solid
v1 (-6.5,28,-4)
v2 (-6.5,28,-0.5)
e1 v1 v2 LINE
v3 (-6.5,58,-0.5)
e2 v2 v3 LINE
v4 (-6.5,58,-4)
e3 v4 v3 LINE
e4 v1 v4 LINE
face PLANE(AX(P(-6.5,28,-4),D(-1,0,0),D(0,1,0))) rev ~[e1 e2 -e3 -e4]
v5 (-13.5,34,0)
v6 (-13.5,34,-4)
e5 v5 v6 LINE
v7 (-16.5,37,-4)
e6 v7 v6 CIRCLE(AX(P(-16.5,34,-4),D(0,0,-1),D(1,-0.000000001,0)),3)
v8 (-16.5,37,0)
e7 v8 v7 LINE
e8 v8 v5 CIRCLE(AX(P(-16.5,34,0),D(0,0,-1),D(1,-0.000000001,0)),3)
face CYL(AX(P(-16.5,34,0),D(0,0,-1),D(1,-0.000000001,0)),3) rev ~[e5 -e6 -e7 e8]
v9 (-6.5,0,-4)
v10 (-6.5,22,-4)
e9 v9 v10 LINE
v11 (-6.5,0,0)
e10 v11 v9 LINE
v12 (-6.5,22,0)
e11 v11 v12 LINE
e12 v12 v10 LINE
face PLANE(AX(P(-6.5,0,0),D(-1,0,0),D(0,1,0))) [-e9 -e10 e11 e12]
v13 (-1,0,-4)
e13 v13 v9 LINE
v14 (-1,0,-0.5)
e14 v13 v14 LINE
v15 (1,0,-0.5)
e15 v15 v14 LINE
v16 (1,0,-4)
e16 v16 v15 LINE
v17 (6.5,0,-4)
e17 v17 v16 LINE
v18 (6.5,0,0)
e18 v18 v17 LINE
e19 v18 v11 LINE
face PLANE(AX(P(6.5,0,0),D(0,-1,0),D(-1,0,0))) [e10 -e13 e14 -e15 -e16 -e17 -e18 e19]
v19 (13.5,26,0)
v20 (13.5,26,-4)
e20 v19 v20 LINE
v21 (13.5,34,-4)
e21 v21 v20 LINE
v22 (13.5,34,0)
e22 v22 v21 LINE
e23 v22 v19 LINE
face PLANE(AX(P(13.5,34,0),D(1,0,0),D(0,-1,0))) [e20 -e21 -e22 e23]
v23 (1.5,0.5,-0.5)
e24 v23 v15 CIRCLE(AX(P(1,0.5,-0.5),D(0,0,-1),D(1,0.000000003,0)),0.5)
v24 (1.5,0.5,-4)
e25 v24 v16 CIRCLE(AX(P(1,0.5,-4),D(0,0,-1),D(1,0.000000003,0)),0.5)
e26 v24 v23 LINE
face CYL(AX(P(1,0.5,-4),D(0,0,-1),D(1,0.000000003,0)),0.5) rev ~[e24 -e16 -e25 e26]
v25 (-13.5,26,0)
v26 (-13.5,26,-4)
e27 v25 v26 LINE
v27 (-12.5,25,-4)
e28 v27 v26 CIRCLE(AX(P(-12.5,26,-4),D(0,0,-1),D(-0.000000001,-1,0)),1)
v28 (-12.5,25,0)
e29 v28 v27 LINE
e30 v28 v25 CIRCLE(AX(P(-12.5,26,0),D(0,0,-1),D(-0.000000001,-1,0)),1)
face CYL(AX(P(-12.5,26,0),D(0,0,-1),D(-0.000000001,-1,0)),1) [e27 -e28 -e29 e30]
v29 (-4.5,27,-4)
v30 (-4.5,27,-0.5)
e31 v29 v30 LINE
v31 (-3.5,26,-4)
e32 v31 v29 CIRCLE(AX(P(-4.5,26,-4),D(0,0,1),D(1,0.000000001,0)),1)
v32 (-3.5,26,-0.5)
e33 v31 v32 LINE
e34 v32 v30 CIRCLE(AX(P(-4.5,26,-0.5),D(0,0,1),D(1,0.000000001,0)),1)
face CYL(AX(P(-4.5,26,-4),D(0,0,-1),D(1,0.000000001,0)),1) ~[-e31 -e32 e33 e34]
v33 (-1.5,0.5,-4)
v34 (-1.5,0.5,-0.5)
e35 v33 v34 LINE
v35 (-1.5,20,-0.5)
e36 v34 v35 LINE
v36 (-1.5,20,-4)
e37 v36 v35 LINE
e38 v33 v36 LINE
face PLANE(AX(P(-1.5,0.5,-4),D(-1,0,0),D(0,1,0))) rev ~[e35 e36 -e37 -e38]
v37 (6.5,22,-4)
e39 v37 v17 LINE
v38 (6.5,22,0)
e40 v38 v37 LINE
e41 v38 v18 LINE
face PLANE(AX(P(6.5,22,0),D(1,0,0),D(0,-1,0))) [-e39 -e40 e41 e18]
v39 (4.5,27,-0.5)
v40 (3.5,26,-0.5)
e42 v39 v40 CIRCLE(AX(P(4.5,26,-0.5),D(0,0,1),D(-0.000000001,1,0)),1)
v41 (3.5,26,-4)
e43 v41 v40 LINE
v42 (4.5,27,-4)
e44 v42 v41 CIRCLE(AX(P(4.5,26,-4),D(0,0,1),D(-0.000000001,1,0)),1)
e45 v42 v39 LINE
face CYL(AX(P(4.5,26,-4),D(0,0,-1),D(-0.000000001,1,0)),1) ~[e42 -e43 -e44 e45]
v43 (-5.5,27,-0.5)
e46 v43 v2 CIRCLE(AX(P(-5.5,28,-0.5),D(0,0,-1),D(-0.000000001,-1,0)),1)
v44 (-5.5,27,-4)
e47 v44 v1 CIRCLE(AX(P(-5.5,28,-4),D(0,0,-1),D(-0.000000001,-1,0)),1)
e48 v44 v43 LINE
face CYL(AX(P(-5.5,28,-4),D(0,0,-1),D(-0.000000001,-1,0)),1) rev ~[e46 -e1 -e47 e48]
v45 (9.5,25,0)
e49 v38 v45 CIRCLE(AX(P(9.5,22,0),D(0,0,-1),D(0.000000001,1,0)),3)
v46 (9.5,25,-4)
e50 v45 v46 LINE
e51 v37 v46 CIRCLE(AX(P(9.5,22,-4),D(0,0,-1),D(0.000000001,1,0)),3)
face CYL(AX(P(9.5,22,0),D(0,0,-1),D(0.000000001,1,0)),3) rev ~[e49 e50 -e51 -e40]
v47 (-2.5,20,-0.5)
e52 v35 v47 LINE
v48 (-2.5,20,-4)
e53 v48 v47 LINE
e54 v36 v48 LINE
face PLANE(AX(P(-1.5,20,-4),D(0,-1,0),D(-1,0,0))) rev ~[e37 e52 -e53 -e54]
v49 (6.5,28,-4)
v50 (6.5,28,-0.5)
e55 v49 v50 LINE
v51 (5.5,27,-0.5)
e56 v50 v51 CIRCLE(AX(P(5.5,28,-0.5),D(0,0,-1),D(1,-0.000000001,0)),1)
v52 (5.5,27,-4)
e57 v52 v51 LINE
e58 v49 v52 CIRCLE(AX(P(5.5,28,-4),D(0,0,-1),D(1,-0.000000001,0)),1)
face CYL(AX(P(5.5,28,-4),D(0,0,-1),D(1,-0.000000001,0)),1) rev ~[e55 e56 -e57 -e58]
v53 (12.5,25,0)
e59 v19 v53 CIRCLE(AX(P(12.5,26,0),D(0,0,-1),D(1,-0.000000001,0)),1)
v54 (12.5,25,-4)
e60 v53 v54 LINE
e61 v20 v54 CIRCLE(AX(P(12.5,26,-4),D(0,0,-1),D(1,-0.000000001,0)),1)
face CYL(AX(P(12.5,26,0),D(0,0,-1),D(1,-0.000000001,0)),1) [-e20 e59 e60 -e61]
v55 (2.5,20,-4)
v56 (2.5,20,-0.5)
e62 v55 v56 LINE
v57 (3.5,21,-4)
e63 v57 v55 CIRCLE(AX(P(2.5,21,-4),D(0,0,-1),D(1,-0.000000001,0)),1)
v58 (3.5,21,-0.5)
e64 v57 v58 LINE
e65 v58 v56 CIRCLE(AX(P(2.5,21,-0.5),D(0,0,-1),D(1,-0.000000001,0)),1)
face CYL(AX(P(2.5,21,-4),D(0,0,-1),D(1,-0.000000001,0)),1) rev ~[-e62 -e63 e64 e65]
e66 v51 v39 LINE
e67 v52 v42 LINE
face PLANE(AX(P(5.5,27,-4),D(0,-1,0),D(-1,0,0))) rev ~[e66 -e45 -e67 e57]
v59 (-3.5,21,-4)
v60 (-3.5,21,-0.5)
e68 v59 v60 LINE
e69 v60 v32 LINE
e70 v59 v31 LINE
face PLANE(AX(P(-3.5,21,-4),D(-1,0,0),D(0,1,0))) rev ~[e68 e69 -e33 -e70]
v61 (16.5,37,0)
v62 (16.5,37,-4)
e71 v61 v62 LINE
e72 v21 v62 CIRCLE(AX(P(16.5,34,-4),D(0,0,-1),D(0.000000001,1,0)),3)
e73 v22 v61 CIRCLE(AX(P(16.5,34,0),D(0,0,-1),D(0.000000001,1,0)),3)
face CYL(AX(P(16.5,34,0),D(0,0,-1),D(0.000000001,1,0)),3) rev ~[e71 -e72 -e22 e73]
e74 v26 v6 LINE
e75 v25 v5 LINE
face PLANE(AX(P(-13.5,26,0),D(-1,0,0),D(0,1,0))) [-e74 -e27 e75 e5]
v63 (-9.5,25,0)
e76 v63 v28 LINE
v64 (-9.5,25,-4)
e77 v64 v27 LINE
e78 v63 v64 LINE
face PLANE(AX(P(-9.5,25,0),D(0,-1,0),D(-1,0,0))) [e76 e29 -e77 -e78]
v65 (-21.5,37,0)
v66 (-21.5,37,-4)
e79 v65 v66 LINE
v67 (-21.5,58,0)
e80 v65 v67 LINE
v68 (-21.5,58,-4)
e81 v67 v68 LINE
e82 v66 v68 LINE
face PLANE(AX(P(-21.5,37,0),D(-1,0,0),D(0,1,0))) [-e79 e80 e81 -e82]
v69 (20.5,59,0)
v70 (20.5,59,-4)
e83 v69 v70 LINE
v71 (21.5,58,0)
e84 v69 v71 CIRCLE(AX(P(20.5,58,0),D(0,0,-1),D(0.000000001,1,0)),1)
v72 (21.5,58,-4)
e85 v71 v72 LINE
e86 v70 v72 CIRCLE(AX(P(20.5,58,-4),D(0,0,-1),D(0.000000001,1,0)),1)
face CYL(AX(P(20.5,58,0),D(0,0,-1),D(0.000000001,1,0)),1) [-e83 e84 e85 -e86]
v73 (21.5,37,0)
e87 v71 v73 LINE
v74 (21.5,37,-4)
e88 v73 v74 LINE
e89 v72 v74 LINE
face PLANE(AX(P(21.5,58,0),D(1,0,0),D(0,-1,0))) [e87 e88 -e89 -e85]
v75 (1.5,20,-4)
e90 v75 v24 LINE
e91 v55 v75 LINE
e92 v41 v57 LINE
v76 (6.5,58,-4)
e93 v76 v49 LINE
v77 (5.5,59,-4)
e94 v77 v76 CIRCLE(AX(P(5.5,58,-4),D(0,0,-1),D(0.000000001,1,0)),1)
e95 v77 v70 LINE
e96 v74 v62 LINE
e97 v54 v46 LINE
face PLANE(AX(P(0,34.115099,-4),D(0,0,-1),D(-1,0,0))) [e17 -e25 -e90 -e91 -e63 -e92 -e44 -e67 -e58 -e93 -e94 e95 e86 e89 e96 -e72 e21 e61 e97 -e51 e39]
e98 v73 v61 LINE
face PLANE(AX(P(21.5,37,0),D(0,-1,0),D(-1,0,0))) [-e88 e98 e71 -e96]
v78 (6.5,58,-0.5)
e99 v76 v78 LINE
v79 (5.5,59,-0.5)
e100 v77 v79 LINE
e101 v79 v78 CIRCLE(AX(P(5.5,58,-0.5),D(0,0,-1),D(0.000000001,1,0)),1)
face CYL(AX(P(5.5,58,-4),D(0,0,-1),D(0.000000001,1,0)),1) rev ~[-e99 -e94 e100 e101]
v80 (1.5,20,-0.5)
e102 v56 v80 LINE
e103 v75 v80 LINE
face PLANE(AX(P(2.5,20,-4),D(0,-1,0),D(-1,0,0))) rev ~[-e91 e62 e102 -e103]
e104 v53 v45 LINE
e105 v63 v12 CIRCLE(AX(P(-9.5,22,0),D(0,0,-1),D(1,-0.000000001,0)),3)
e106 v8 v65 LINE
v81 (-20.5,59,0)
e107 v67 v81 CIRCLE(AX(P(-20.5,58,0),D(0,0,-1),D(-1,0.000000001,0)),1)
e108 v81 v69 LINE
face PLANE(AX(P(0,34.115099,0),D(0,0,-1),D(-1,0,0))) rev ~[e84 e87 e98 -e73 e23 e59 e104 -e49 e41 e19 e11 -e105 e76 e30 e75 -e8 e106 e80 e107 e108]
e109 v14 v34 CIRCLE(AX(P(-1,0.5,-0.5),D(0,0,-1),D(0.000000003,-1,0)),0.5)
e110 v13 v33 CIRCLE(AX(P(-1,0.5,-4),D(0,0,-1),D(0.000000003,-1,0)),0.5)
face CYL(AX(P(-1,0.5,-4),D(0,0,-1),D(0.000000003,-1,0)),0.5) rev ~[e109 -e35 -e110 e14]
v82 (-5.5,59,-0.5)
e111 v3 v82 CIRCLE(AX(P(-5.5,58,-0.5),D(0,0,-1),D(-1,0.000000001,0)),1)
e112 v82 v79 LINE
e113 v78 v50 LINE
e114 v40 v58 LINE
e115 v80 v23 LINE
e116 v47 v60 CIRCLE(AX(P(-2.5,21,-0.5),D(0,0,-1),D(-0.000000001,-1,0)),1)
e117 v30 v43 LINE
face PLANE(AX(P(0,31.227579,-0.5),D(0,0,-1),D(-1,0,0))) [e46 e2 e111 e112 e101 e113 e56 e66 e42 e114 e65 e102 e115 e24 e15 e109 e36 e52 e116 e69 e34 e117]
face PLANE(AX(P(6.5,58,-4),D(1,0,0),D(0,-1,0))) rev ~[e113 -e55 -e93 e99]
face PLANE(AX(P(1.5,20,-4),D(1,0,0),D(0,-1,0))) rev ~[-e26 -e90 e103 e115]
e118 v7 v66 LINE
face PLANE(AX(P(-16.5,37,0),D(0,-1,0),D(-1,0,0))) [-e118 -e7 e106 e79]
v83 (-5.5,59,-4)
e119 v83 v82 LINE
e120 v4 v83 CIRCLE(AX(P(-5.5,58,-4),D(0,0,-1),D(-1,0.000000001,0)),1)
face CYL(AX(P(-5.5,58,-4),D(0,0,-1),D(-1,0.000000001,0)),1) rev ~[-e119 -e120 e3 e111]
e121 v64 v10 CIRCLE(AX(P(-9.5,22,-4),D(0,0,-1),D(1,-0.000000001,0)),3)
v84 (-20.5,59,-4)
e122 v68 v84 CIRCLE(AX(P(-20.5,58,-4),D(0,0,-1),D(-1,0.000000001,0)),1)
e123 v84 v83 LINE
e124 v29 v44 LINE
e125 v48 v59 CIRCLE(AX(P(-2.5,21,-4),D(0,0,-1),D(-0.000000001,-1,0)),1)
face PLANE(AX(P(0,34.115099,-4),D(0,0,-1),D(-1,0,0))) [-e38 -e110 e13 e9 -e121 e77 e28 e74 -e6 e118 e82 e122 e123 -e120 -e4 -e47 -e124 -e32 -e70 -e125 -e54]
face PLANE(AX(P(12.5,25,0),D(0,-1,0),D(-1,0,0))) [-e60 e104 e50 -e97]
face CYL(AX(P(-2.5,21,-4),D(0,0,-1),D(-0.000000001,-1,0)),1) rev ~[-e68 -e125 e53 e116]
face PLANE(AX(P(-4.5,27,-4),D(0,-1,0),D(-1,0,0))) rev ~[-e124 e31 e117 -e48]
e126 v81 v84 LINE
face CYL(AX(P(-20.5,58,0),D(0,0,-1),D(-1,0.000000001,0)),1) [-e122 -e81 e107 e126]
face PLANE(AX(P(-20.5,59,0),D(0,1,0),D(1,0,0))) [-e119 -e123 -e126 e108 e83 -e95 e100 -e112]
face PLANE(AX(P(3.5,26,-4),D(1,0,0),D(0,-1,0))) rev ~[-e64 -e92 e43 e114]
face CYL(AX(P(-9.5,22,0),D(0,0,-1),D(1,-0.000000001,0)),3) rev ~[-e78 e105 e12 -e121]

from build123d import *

# Parameters (mm, degrees)
CUT_EXTRUDE1_DEPTH = 3.5


with BuildPart() as part:
    # Sweep1: sweep along a path in Sketch3
    with BuildLine(Plane(origin=(0, 0, 0), x_dir=(0, 0, -1), z_dir=(1, 0, 0))) as sweep1_path:
        Line((0, 0), (4, 0))
    # Sketch4 → Sweep1 (sweep)
    with BuildSketch(Plane(origin=(0, 0, -4), x_dir=(-1, 0, 0), z_dir=(0, 0, -1))):
        with BuildLine():
            Line((-6.5, 0), (6.5, 0))
            Line((6.5, 0), (6.5, 22))
            ThreePointArc((6.5, 22), (7.378679656, 24.121320344), (9.5, 25))
            Line((9.5, 25), (12.5, 25))
            ThreePointArc((12.5, 25), (13.207106781, 25.292893219), (13.5, 26))
            Line((13.5, 26), (13.5, 34))
            ThreePointArc((13.5, 34), (14.378679656, 36.121320344), (16.5, 37))
            Line((16.5, 37), (21.5, 37))
            Line((21.5, 37), (21.5, 58))
            ThreePointArc((21.5, 58), (21.207106781, 58.707106781), (20.5, 59))
            Line((20.5, 59), (-20.5, 59))
            ThreePointArc((-20.5, 59), (-21.207106781, 58.707106781), (-21.5, 58))
            Line((-21.5, 58), (-21.5, 37))
            Line((-21.5, 37), (-16.5, 37))
            ThreePointArc((-16.5, 37), (-14.378679656, 36.121320344), (-13.5, 34))
            Line((-13.5, 34), (-13.5, 26))
            ThreePointArc((-13.5, 26), (-13.207106781, 25.292893219), (-12.5, 25))
            Line((-12.5, 25), (-9.5, 25))
            ThreePointArc((-9.5, 25), (-7.378679656, 24.121320344), (-6.5, 22))
            Line((-6.5, 22), (-6.5, 0))
        make_face()
    sweep(path=sweep1_path.line)

    # Sketch5 → Cut-Extrude1 (cut)
    with BuildSketch(Plane(origin=(0, 0, -4), x_dir=(-1, 0, 0), z_dir=(0, 0, -1))):
        with BuildLine():
            Line((-1, 0), (1, 0))
            ThreePointArc((1, 0), (1.353553391, 0.146446609), (1.5, 0.5))
            Line((1.5, 0.5), (1.5, 20))
            Line((1.5, 20), (2.5, 20))
            ThreePointArc((2.5, 20), (3.207106781, 20.292893219), (3.5, 21))
            Line((3.5, 21), (3.5, 26))
            ThreePointArc((3.5, 26), (3.792893219, 26.707106781), (4.5, 27))
            Line((4.5, 27), (5.5, 27))
            ThreePointArc((5.5, 27), (6.207106781, 27.292893219), (6.5, 28))
            Line((6.5, 28), (6.5, 58))
            ThreePointArc((6.5, 58), (6.207106781, 58.707106781), (5.5, 59))
            Line((5.5, 59), (-5.5, 59))
            ThreePointArc((-5.5, 59), (-6.207106781, 58.707106781), (-6.5, 58))
            Line((-6.5, 58), (-6.5, 28))
            ThreePointArc((-6.5, 28), (-6.207106781, 27.292893219), (-5.5, 27))
            Line((-5.5, 27), (-4.5, 27))
            ThreePointArc((-4.5, 27), (-3.792893219, 26.707106781), (-3.5, 26))
            Line((-3.5, 26), (-3.5, 21))
            ThreePointArc((-3.5, 21), (-3.207106781, 20.292893219), (-2.5, 20))
            Line((-2.5, 20), (-1.5, 20))
            Line((-1.5, 20), (-1.5, 0.5))
            ThreePointArc((-1.5, 0.5), (-1.353553391, 0.146446609), (-1, 0))
        make_face()
    extrude(amount=-CUT_EXTRUDE1_DEPTH, mode=Mode.SUBTRACT)


solid = part.part
